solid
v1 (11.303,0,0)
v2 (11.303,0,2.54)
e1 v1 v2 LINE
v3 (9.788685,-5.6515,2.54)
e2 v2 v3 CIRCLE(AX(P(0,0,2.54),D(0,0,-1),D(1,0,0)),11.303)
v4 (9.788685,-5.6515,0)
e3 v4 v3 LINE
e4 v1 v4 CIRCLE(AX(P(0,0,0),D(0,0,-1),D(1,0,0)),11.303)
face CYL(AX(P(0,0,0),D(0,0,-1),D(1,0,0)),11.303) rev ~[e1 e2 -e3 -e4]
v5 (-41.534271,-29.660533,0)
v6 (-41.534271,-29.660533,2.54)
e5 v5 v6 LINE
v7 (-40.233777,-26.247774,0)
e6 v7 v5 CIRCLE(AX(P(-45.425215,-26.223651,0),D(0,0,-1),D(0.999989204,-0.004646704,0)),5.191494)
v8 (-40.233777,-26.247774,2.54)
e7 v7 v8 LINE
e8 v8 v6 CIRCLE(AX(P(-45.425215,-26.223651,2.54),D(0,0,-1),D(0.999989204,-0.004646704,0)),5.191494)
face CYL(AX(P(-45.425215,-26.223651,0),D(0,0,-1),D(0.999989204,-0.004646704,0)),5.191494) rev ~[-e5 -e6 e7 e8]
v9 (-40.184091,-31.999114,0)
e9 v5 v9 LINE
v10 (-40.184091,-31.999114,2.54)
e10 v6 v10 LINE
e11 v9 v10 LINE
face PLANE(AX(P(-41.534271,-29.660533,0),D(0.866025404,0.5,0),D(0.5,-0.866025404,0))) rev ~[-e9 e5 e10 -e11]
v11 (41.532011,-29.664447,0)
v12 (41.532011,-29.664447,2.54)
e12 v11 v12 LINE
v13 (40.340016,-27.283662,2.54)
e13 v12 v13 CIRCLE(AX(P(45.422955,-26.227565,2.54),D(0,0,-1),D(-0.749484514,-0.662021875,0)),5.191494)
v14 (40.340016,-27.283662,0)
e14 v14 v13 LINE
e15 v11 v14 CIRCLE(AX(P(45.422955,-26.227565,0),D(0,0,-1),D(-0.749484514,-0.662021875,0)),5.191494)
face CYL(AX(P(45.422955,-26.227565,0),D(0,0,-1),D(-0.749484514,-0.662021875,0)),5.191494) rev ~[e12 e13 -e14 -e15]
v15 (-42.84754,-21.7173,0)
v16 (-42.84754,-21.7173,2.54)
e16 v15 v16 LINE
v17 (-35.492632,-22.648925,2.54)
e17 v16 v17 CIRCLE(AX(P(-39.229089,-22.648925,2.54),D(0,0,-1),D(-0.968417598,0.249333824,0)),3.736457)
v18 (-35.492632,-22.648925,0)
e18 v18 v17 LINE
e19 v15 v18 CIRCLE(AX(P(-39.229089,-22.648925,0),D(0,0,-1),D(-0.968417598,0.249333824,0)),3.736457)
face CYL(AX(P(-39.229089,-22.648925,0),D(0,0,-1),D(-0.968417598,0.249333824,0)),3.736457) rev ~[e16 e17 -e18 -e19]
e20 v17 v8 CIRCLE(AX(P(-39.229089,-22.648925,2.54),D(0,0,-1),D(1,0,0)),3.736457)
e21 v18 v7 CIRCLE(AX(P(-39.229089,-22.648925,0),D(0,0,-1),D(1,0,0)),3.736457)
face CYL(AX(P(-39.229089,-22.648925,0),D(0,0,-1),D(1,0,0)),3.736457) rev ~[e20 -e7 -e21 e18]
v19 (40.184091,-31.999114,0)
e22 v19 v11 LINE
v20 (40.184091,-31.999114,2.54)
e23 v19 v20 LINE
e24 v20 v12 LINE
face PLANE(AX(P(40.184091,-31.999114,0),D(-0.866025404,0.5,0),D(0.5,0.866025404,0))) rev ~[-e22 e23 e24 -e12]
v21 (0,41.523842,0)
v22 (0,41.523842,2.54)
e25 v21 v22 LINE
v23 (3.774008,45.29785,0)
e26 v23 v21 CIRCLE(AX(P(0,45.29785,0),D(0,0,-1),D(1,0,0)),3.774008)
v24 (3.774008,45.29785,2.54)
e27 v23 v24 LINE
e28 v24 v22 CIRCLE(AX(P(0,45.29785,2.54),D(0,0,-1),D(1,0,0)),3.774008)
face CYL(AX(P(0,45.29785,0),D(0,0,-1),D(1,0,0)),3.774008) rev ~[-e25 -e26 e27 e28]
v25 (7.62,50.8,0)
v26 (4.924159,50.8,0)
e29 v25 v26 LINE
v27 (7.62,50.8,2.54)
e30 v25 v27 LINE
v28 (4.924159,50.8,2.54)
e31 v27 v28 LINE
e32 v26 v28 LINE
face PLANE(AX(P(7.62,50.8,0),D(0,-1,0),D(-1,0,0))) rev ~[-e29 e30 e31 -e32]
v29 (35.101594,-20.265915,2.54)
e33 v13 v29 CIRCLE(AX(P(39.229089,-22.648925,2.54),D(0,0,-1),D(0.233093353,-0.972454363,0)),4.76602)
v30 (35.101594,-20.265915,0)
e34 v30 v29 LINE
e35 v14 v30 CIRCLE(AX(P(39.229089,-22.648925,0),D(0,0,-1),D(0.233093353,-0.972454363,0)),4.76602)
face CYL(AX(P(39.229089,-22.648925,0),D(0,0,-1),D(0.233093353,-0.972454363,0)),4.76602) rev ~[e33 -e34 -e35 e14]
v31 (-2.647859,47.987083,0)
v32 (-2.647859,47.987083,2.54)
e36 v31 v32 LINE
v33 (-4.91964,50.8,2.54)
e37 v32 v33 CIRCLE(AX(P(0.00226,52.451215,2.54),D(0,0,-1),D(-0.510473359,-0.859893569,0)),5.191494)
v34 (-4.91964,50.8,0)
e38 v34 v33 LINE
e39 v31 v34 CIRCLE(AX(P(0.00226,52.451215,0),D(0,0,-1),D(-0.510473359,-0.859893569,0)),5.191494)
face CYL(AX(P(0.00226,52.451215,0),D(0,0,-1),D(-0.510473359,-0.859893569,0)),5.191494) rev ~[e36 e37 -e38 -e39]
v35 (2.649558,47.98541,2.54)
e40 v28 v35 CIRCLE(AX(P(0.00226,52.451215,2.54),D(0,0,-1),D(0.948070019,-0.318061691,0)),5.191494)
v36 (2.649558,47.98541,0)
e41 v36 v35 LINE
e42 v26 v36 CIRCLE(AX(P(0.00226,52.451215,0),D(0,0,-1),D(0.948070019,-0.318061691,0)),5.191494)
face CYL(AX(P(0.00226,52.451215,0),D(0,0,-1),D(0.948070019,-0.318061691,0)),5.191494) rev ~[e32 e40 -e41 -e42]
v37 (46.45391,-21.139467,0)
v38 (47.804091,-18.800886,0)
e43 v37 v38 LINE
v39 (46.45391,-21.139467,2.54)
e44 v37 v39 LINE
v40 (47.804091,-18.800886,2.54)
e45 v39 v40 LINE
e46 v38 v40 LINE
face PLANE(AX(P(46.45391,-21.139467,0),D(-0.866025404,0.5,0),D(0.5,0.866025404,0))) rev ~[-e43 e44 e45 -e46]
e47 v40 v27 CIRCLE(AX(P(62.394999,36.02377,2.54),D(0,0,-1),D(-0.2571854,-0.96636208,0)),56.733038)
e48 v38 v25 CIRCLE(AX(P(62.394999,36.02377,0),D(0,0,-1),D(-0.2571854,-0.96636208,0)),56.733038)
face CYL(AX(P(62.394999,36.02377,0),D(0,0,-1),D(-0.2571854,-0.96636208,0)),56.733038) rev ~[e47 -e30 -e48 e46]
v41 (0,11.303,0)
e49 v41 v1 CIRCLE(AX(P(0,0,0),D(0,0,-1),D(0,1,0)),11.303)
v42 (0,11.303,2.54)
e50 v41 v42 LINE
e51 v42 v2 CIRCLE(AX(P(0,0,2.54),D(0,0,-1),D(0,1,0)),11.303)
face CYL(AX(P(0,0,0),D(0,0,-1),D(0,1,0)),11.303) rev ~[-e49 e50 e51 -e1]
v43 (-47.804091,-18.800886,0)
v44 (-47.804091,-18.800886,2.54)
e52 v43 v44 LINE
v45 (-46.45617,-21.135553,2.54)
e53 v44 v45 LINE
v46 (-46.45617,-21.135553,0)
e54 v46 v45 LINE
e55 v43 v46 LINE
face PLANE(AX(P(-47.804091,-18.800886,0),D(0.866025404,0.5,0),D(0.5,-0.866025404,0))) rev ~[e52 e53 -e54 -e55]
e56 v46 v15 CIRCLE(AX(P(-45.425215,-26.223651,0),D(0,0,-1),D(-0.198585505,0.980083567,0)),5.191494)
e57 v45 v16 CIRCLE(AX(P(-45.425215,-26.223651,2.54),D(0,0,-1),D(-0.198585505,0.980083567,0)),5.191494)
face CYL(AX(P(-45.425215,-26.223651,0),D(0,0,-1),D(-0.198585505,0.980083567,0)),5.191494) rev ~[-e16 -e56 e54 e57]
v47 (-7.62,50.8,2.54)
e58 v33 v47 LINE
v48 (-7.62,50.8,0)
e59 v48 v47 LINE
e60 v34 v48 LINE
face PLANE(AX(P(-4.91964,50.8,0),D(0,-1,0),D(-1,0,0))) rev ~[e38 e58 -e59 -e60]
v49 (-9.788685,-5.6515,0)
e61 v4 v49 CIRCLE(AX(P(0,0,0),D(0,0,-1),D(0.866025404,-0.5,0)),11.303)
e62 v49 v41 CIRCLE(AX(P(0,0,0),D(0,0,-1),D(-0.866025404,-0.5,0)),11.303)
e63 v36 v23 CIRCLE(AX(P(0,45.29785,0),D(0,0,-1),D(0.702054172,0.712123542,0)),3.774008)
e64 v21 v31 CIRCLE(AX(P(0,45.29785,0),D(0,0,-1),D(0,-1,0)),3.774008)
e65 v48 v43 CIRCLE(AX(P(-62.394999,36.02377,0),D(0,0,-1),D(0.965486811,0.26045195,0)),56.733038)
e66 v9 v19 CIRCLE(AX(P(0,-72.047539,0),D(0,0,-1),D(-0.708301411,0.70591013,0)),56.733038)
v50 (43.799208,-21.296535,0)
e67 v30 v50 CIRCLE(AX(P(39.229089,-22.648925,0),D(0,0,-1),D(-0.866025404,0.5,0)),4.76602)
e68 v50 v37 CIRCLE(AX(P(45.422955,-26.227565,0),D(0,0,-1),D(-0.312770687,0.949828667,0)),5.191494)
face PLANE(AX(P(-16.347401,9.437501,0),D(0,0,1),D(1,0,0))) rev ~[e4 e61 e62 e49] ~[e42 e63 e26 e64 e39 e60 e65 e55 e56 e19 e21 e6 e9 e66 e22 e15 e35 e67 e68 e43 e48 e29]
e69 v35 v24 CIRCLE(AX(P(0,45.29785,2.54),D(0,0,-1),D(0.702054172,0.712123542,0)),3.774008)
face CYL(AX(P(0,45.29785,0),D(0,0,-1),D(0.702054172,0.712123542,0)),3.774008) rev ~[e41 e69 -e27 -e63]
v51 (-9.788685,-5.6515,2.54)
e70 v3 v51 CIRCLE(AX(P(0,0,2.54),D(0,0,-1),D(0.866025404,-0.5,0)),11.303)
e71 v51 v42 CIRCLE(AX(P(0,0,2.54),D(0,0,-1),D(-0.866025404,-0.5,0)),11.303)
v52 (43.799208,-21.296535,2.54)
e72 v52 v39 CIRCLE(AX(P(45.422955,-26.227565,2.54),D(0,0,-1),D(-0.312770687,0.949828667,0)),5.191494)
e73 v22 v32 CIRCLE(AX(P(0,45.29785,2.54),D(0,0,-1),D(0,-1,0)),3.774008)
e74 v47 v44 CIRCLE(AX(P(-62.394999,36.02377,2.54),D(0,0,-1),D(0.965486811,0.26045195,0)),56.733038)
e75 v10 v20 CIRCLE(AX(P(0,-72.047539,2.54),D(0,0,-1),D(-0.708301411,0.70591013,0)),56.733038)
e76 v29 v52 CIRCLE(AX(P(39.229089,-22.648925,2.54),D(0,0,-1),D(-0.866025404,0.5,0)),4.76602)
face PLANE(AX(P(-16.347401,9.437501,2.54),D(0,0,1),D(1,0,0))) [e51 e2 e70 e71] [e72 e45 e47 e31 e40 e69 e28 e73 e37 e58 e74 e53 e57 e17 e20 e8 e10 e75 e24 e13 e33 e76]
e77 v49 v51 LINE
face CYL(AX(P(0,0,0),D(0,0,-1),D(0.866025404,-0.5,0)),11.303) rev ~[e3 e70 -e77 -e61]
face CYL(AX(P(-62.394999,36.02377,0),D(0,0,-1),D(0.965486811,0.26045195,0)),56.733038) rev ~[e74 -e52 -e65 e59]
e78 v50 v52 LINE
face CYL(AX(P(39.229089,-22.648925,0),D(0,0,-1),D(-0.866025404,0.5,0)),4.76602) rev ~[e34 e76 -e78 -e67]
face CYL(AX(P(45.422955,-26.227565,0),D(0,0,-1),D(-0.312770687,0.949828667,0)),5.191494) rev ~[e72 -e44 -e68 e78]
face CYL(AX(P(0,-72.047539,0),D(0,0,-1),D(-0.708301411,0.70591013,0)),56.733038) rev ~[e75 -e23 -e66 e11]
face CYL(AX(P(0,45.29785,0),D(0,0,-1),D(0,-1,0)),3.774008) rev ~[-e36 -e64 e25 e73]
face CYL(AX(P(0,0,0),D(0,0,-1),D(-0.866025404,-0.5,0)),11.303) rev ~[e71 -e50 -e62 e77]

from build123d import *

# Parameters (mm, degrees)
F1_DEPTH = 2.54


with BuildPart() as f1:
    # F0 (on Top) → F1 (new body)
    with BuildSketch(Plane.XY):
        with BuildLine():
            ThreePointArc((-11.5484487595, -6.6675), (-11.5484487595, 6.6675), (0, 13.335))
            Line((0, 13.335), (0, 41.5238420934))
            ThreePointArc((0, 41.5238420934), (-3.4923003016, 43.8671250358), (-2.6478593482, 47.9870832663))
            ThreePointArc((-2.6478593482, 47.9870832663), (-4.0365508418, 49.1893730793), (-4.9196396151, 50.8))
            Line((-4.9196396151, 50.8), (-7.62, 50.8))
            ThreePointArc((-7.62, 50.8), (-13.2627477276, 7.6572509707), (-47.8040905122, -18.8008864232))
            Line((-47.8040905122, -18.8008864232), (-46.456170155, -21.1355529664))
            ThreePointArc((-46.456170155, -21.1355529664), (-44.598962502, -21.0983297604), (-42.8475396736, -21.7172998002))
            ThreePointArc((-42.8475396736, -21.7172998002), (-39.7349535137, -18.946869689), (-35.9932219183, -20.7806963635))
            Line((-35.9932219183, -20.7806963635), (-11.5484487595, -6.6675))
        make_face()
        with BuildLine():
            ThreePointArc((0, 13.335), (9.4292689271, 9.4292689271), (13.335, 0))
            ThreePointArc((13.335, 0), (12.8806208936, -3.4513519664), (11.5484487595, -6.6675))
            Line((11.5484487595, -6.6675), (35.1015943461, -20.2659149447))
            ThreePointArc((35.1015943461, -20.2659149447), (39.7899129003, -17.9160164205), (43.7992079136, -21.2965352321))
            ThreePointArc((43.7992079136, -21.2965352321), (45.116331258, -21.045134002), (46.4539103198, -21.1394671159))
            Line((46.4539103198, -21.1394671159), (47.8040905122, -18.8008864232))
            ThreePointArc((47.8040905122, -18.8008864232), (13.2627477276, 7.6572509707), (7.62, 50.8))
            Line((7.62, 50.8), (4.9241592856, 50.8))
            ThreePointArc((4.9241592856, 50.8), (4.0400398552, 49.1880973327), (2.6495579427, 47.9854097477))
            ThreePointArc((2.6495579427, 47.9854097477), (3.4815648437, 46.7545040826), (3.77400783, 45.2978499234))
            ThreePointArc((3.77400783, 45.2978499234), (2.6686265288, 42.6292233945), (0, 41.5238420934))
            Line((0, 41.5238420934), (0, 13.335))
        make_face()
        with BuildLine():
            ThreePointArc((-11.5484487595, -6.6675), (0, -13.335), (11.5484487595, -6.6675))
            Line((11.5484487595, -6.6675), (9.788685139, -5.6515))
            ThreePointArc((9.788685139, -5.6515), (0, -11.303), (-9.788685139, -5.6515))
            Line((-9.788685139, -5.6515), (-11.5484487595, -6.6675))
        make_face()
        with BuildLine():
            Line((35.1015943461, -20.2659149447), (11.5484487595, -6.6675))
            ThreePointArc((11.5484487595, -6.6675), (0, -13.335), (-11.5484487595, -6.6675))
            Line((-11.5484487595, -6.6675), (-35.9932219183, -20.7806963635))
            ThreePointArc((-35.9932219183, -20.7806963635), (-35.6199482657, -21.6818586781), (-35.4926315741, -22.6489249617))
            ThreePointArc((-35.4926315741, -22.6489249617), (-36.9699808664, -25.6250875678), (-40.2337772061, -26.2477738787))
            ThreePointArc((-40.2337772061, -26.2477738787), (-40.5740144012, -28.0722881249), (-41.5342707047, -29.6605328841))
            Line((-41.5342707047, -29.6605328841), (-40.1840905122, -31.9991135768))
            ThreePointArc((-40.1840905122, -31.9991135768), (0, -15.3145019414), (40.1840905122, -31.9991135768))
            Line((40.1840905122, -31.9991135768), (41.5320108695, -29.6644470336))
            ThreePointArc((41.5320108695, -29.6644470336), (40.7807919893, -28.5517697437), (40.3400163627, -27.2836619389))
            ThreePointArc((40.3400163627, -27.2836619389), (35.4097809691, -25.4998607522), (35.1015943461, -20.2659149447))
        make_face()
        with BuildLine():
            ThreePointArc((11.5484487595, -6.6675), (12.8806208936, -3.4513519664), (13.335, 0))
            ThreePointArc((13.335, 0), (9.4292689271, 9.4292689271), (0, 13.335))
            Line((0, 13.335), (0, 11.303))
            ThreePointArc((0, 11.303), (7.9924279478, 7.9924279478), (11.303, 0))
            ThreePointArc((11.303, 0), (10.9178596145, -2.9254316668), (9.788685139, -5.6515))
            Line((9.788685139, -5.6515), (11.5484487595, -6.6675))
        make_face()
        with BuildLine():
            Line((0, 11.303), (0, 13.335))
            ThreePointArc((0, 13.335), (-11.5484487595, 6.6675), (-11.5484487595, -6.6675))
            Line((-11.5484487595, -6.6675), (-9.788685139, -5.6515))
            ThreePointArc((-9.788685139, -5.6515), (-9.788685139, 5.6515), (0, 11.303))
        make_face()
    extrude(amount=F1_DEPTH)


solid = f1.part
